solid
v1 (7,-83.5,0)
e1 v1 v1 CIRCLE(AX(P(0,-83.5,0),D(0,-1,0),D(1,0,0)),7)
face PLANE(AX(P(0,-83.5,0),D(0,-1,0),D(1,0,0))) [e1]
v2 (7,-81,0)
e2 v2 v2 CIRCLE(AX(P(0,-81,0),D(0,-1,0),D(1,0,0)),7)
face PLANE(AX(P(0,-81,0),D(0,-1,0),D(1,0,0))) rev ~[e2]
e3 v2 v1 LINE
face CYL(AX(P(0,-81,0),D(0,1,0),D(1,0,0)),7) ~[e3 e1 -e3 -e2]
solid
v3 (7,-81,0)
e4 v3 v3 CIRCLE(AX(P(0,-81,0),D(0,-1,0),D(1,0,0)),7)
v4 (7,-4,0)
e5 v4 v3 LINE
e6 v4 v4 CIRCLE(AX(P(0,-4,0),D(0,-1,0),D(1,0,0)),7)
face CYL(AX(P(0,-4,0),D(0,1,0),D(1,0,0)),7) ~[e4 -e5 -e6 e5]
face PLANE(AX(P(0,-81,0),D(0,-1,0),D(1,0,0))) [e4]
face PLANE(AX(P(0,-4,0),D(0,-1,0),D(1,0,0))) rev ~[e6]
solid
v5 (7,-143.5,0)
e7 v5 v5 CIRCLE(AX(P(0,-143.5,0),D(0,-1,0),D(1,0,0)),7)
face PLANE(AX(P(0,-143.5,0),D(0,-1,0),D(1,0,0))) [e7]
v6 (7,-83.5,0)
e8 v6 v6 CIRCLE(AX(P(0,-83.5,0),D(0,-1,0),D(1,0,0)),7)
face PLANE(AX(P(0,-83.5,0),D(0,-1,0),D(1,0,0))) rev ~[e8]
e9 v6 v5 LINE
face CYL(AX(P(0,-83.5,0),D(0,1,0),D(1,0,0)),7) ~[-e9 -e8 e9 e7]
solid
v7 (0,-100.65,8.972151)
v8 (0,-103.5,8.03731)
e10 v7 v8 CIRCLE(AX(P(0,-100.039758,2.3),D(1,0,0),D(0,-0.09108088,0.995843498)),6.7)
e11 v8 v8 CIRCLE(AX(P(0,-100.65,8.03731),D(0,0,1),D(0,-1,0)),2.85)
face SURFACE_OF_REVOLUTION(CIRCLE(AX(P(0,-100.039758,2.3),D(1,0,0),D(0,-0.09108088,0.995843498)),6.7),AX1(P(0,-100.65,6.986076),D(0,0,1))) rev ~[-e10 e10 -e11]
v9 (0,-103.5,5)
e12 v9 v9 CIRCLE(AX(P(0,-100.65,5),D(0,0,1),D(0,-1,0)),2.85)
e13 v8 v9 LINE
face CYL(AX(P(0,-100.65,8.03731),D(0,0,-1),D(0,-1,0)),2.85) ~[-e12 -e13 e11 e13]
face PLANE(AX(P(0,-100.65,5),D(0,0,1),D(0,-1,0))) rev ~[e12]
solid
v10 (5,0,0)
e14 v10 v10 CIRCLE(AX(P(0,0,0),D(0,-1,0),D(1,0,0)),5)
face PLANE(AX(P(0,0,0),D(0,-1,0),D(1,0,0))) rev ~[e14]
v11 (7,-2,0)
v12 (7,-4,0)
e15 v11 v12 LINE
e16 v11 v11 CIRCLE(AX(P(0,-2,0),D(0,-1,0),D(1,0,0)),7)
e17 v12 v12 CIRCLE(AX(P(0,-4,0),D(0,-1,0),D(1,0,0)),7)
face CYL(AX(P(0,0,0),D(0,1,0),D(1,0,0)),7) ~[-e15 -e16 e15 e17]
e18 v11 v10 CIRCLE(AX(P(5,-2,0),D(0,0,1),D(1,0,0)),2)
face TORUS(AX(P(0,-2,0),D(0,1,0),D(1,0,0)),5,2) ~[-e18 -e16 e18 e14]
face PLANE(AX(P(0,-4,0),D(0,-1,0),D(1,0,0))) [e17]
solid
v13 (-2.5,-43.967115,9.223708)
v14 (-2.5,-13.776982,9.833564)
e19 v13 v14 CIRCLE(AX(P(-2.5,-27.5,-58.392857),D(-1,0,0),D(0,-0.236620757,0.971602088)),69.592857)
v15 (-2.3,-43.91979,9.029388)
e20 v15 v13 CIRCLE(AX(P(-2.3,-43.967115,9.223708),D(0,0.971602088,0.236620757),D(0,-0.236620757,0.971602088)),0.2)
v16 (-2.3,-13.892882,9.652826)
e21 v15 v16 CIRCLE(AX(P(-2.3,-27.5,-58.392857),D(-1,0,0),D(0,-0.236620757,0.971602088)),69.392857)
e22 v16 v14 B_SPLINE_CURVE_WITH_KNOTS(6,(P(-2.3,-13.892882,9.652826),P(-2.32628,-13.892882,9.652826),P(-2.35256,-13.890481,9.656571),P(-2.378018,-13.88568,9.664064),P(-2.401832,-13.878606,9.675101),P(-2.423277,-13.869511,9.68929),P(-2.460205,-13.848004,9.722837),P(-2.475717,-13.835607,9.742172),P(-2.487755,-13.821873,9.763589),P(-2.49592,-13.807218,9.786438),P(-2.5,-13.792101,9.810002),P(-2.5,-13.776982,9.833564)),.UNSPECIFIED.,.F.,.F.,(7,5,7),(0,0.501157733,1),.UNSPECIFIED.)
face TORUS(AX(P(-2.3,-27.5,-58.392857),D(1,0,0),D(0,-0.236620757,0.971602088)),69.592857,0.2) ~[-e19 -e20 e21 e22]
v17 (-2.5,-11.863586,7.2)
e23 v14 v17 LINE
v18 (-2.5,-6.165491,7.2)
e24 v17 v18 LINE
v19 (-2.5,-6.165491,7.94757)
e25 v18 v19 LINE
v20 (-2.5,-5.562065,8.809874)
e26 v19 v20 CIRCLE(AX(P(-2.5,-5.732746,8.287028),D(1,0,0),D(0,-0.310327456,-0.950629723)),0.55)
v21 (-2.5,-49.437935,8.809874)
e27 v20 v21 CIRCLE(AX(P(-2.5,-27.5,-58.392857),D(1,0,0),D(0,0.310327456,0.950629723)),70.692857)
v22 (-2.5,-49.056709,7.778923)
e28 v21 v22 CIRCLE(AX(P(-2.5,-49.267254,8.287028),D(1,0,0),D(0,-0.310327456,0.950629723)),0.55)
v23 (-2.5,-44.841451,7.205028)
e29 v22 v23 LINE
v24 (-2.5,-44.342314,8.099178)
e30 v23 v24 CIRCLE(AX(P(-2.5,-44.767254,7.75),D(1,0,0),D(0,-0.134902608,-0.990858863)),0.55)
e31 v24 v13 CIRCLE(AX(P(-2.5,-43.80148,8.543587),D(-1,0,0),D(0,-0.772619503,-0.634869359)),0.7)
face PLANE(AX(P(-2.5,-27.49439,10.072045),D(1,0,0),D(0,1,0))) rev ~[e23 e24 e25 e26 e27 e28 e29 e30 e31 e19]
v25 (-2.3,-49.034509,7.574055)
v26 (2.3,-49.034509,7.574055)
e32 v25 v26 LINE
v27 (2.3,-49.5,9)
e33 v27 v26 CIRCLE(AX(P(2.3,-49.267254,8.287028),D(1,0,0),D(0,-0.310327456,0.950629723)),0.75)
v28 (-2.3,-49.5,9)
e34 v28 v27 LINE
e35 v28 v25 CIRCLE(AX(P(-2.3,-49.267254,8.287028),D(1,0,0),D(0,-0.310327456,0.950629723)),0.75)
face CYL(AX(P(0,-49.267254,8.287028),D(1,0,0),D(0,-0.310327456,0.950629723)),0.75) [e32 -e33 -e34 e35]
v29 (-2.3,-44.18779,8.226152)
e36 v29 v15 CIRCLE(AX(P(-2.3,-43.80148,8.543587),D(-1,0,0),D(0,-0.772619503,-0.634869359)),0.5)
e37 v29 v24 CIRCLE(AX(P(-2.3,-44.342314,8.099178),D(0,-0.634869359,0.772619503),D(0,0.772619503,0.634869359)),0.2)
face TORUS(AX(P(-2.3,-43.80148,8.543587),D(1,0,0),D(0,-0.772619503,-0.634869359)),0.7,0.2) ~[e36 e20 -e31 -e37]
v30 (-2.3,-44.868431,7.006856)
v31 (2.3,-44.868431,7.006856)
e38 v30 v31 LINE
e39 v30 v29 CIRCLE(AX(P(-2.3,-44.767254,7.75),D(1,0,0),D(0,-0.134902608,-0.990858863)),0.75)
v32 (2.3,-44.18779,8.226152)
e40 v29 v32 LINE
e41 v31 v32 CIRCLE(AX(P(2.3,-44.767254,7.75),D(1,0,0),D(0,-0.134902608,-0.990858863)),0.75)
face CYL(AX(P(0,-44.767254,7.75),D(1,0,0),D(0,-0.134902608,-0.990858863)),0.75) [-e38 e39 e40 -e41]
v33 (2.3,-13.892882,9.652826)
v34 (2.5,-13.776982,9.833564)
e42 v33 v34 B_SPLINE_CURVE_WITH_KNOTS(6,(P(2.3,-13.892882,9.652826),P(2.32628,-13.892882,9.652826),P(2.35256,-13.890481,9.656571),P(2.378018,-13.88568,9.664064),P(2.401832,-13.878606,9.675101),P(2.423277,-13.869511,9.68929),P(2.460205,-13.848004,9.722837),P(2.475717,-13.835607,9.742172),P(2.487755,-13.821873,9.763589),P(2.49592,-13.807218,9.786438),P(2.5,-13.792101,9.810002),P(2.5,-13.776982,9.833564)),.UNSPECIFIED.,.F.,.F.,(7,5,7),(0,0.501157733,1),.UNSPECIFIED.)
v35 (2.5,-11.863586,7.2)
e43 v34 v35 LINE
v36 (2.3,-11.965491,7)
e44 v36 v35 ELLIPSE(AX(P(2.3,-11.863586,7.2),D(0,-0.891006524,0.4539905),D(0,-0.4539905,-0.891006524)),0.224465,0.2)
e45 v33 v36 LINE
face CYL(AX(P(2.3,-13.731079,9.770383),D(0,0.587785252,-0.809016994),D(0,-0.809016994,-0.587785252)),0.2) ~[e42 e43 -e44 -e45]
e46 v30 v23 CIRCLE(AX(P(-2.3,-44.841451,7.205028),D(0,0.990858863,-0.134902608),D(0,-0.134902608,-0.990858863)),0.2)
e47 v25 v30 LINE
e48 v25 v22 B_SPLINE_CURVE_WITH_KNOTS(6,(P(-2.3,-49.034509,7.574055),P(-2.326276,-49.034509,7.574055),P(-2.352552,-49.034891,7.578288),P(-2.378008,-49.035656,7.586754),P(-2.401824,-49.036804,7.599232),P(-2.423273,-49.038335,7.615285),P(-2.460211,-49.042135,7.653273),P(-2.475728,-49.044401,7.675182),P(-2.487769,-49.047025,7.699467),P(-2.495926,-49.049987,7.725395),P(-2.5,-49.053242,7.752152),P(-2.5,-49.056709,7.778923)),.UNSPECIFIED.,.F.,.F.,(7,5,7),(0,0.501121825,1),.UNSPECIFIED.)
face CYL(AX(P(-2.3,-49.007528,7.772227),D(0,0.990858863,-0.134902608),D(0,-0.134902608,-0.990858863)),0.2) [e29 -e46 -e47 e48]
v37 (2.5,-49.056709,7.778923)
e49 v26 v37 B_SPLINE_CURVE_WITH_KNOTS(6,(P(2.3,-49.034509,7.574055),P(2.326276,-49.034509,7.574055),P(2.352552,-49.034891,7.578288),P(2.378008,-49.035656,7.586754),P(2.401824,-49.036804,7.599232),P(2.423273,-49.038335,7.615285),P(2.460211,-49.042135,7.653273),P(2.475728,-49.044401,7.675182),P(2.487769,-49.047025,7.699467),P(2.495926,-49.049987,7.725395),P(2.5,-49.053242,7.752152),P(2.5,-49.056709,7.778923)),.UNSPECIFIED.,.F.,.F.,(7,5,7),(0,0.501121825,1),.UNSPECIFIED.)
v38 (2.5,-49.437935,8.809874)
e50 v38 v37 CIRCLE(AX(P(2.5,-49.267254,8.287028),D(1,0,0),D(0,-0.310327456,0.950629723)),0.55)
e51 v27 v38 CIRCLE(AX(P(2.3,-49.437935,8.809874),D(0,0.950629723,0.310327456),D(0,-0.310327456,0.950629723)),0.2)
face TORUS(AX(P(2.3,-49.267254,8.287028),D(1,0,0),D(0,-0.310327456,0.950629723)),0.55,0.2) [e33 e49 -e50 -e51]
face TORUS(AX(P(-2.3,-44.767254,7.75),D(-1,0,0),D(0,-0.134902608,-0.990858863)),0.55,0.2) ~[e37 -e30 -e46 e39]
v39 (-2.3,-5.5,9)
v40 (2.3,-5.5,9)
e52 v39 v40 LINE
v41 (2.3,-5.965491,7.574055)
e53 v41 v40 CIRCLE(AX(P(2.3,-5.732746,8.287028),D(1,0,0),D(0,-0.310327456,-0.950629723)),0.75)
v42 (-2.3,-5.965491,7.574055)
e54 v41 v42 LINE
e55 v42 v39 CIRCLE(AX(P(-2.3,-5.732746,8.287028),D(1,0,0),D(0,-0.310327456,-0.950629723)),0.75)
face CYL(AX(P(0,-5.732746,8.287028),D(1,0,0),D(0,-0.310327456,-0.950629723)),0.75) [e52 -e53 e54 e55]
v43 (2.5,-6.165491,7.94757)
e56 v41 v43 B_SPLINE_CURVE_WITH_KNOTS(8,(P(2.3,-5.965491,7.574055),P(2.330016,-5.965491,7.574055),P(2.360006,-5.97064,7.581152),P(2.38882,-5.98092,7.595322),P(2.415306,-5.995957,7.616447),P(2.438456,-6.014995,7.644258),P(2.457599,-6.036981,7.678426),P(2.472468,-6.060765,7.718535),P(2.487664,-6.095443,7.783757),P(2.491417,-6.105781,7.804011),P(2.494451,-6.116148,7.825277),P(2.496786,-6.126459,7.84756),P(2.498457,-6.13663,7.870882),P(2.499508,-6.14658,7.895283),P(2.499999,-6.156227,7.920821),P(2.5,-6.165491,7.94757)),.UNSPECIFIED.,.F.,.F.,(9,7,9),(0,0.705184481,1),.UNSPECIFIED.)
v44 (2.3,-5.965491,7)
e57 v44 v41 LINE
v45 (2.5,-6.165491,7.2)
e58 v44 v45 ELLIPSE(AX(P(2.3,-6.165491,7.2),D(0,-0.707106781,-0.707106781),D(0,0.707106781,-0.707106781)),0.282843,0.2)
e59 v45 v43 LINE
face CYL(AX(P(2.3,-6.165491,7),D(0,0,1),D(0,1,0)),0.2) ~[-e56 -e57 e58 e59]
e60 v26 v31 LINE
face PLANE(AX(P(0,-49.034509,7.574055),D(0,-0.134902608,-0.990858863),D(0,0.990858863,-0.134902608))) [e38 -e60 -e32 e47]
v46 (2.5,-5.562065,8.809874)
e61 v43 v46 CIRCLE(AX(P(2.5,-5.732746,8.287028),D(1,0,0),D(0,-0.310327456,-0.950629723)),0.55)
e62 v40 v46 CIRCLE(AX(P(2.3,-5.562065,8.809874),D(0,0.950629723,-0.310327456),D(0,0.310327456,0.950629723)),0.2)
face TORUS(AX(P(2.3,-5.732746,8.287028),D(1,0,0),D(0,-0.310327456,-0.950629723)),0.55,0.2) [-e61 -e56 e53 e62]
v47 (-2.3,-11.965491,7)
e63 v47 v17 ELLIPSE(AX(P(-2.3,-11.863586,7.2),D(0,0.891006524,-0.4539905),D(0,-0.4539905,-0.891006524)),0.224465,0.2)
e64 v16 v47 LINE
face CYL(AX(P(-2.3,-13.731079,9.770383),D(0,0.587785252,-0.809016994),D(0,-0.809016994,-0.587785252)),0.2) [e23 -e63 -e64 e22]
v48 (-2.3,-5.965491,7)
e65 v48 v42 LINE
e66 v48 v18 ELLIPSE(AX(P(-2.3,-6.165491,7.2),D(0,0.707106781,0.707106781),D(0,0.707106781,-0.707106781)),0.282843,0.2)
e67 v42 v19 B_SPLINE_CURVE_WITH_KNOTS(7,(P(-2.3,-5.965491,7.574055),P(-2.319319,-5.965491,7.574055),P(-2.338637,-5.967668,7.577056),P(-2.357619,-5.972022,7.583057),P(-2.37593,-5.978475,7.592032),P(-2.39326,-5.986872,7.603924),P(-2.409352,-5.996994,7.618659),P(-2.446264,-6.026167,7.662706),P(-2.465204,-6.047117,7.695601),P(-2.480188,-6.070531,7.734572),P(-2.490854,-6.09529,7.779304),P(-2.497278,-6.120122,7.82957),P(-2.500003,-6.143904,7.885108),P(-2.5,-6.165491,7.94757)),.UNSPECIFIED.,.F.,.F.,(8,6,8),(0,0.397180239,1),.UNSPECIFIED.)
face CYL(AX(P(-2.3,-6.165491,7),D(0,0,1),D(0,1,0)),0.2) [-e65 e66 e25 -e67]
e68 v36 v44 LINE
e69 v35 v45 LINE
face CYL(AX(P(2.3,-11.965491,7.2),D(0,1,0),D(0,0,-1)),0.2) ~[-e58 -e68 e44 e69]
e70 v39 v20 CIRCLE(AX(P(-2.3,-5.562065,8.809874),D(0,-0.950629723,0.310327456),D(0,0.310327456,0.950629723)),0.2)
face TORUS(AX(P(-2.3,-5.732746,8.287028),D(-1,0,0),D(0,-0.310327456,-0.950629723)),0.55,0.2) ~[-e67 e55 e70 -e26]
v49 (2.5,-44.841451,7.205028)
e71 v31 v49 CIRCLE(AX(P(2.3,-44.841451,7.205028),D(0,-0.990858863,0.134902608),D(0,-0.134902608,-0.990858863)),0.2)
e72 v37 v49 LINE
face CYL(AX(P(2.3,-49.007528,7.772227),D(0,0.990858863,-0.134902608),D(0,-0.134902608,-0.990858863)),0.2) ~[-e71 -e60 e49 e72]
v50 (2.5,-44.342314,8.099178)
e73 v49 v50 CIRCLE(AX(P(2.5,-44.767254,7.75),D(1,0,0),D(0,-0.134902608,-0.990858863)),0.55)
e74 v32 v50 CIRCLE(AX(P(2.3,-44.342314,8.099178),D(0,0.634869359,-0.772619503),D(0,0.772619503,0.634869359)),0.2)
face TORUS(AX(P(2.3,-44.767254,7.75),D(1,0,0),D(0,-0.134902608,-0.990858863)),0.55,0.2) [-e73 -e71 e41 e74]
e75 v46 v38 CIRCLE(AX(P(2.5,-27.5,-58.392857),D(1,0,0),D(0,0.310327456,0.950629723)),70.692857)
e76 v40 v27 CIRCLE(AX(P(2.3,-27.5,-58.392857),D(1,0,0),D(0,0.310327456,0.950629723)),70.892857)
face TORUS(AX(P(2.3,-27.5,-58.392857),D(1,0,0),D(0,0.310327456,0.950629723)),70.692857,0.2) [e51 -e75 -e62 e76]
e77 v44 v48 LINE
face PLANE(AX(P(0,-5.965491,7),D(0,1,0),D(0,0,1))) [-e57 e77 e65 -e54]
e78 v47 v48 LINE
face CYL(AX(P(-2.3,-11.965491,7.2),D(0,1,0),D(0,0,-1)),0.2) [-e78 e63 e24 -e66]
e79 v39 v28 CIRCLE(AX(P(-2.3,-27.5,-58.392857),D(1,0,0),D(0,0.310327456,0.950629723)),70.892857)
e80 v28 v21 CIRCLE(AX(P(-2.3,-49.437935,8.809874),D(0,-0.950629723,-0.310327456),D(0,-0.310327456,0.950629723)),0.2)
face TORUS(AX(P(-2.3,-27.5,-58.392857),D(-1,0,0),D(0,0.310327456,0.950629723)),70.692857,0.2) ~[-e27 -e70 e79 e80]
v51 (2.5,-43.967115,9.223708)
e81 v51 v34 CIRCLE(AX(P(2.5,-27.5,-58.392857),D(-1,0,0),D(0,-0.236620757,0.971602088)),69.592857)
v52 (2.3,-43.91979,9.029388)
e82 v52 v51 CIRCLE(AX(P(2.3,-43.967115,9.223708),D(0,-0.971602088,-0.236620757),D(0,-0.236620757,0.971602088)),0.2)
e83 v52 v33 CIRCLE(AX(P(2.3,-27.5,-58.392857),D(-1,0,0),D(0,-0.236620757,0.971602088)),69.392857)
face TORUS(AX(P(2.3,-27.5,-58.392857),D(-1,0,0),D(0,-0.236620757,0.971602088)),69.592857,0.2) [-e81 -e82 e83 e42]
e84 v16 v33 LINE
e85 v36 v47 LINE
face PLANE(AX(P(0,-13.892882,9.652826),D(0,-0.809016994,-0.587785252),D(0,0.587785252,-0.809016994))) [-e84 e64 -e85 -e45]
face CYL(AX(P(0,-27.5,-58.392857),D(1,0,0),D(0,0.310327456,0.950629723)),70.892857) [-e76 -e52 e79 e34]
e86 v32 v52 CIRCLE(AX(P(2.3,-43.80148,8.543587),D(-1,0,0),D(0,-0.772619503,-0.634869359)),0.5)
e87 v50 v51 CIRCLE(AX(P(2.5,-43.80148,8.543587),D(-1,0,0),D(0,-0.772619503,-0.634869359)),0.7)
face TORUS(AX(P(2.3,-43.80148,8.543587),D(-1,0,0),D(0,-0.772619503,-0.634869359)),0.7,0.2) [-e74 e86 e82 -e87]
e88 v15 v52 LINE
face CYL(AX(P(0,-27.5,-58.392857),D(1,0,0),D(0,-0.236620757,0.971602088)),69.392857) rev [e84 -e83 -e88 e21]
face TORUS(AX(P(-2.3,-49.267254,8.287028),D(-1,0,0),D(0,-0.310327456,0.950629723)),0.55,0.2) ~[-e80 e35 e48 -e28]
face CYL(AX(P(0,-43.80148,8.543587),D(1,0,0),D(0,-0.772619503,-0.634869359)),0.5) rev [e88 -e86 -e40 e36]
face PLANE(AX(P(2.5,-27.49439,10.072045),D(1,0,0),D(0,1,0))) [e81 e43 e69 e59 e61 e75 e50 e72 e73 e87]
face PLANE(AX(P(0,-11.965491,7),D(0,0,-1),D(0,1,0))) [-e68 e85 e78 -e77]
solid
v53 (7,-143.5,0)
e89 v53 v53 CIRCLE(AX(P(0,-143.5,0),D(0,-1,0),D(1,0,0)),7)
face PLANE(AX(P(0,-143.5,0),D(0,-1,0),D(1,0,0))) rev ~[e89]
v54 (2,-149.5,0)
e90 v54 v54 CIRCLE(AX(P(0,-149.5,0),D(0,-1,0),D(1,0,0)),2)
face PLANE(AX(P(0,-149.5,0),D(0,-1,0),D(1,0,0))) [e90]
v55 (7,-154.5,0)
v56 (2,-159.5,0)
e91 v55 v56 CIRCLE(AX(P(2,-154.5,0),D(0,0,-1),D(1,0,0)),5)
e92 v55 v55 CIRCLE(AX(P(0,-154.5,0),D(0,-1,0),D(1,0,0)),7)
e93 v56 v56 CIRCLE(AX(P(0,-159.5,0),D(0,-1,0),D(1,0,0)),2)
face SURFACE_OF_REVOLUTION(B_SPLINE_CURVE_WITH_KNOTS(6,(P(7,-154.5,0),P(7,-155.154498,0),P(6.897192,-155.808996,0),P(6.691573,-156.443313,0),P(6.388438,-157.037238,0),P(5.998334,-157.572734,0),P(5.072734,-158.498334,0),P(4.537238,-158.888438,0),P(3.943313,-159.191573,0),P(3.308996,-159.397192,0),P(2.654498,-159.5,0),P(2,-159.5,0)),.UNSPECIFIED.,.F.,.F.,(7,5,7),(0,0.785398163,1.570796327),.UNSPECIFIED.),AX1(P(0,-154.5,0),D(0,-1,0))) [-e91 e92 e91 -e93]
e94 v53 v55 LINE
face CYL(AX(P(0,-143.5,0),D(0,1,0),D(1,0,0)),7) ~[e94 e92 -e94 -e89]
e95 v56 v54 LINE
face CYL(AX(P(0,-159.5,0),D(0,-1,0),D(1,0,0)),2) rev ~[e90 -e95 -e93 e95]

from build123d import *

# Parameters (mm, degrees)
F0_R           = 7
F1_DEPTH       = 4
F2_R           = 2
F3_DEPTH       = 77
F4_DEPTH       = 2.5
F5_DEPTH       = 60
F6_DEPTH       = 16
F7_R           = 5
F8_DEPTH       = 10
F10_DEPTH      = 2.5
F10_DEPTH_BACK = 2.5
F11_R          = 0.2


with BuildPart() as f1:
    # F0 (on Front) → F1 (new body)
    with BuildSketch(Plane.XZ):
        Circle(F0_R)
    extrude(amount=F1_DEPTH)

    # F2
    f2_edges = [f1.edges().sort_by_distance(p)[0] for p in [
        (-7, 0, 0),
    ]]
    fillet(f2_edges, radius=F2_R)


with BuildPart() as f3:
    # F3 (new): a face of the model
    f3_faces = [f1.part.faces().sort_by_distance(p)[0] for p in [
        (0, -4, 0),
    ]]
    extrude(f3_faces, amount=F3_DEPTH)


with BuildPart() as f4:
    # F4 (new): a face of the model
    f4_faces = [f3.part.faces().sort_by_distance(p)[0] for p in [
        (0, -81, 0),
    ]]
    extrude(f4_faces, amount=F4_DEPTH)


with BuildPart() as f5:
    # F5 (new): a face of the model
    f5_faces = [f4.part.faces().sort_by_distance(p)[0] for p in [
        (0, -83.5, 0),
    ]]
    extrude(f5_faces, amount=F5_DEPTH)


with BuildPart() as f6:
    # F6 (new): a face of the model
    f6_faces = [f5.part.faces().sort_by_distance(p)[0] for p in [
        (0, -143.5, 0),
    ]]
    extrude(f6_faces, amount=F6_DEPTH)

    # F7
    f7_edges = [f6.edges().sort_by_distance(p)[0] for p in [
        (-7, -159.5, 0),
    ]]
    fillet(f7_edges, radius=F7_R)

    # F8 (cut): a face of the model
    f8_faces = [f6.faces().sort_by_distance(p)[0] for p in [
        (0, -159.5, 0),
    ]]
    extrude(f8_faces, amount=-F8_DEPTH, mode=Mode.SUBTRACT)


with BuildPart() as f10:
    # F9 (on Right) → F10 (new body, two sides)
    with BuildSketch(Plane.YZ) as f10_sk:
        with BuildLine():
            ThreePointArc((-5.9654911839, 7.5740554156), (-5.0197732997, 8.0542821159), (-5.5, 9))
            ThreePointArc((-5.5, 9), (-27.5, 12.5), (-49.5, 9))
            ThreePointArc((-49.5, 9), (-49.9802267003, 8.0542821159), (-49.0345088161, 7.5740554156))
            Line((-49.0345088161, 7.5740554156), (-44.8684313642, 7.0068558528))
            ThreePointArc((-44.8684313642, 7.0068558528), (-44.1123799471, 7.3844327142), (-44.1877897806, 8.2261520193))
            ThreePointArc((-44.1877897806, 8.2261520193), (-44.2757766406, 8.7018356298), (-43.9197904076, 9.0293877428))
            ThreePointArc((-43.9197904076, 9.0293877428), (-28.9404687163, 10.9850476419), (-13.8928819069, 9.6528257448))
            Line((-13.8928819069, 9.6528257448), (-11.9654911839, 7))
            Line((-11.9654911839, 7), (-5.9654911839, 7))
            Line((-5.9654911839, 7), (-5.9654911839, 7.5740554156))
        make_face()
    extrude(amount=F10_DEPTH)
    extrude(f10_sk.sketch, amount=-F10_DEPTH_BACK)

    # F11
    f11_edges = [f10.edges().sort_by_distance(p)[0] for p in [
        (2.5, -5.019773, 8.054282),
        (2.5, -27.5, 12.5),
        (2.5, -49.980227, 8.054282),
        (2.5, -46.95147, 7.290456),
        (2.5, -44.11238, 7.384433),
        (2.5, -44.275777, 8.701836),
        (2.5, -28.940469, 10.985048),
        (2.5, -12.929187, 8.326413),
        (2.5, -8.965491, 7),
        (2.5, -5.965491, 7.287028),
        (-2.5, -5.019773, 8.054282),
        (-2.5, -27.5, 12.5),
        (-2.5, -49.980227, 8.054282),
        (-2.5, -46.95147, 7.290456),
        (-2.5, -44.11238, 7.384433),
        (-2.5, -44.275777, 8.701836),
        (-2.5, -28.940469, 10.985048),
        (-2.5, -12.929187, 8.326413),
        (-2.5, -8.965491, 7),
        (-2.5, -5.965491, 7.287028),
    ]]
    fillet(f11_edges, radius=F11_R)


with BuildPart() as f13:
    # F12 (on Right) → F13 (revolve)
    with BuildSketch(Plane.YZ):
        with BuildLine():
            Line((-103.5, 8.03731), (-103.5, 5))
            Line((-103.5, 5), (-100.65, 5))
            Line((-100.65, 5), (-100.65, 8.9721514395))
            ThreePointArc((-100.65, 8.9721514395), (-102.1279850324, 8.6662632921), (-103.5, 8.03731))
        make_face()
    revolve(axis=Axis((0, -100.65, 6.9860757197), (0, 0, 1)))


solid = Compound([f1.part, f3.part, f4.part, f5.part, f6.part, f10.part, f13.part])
